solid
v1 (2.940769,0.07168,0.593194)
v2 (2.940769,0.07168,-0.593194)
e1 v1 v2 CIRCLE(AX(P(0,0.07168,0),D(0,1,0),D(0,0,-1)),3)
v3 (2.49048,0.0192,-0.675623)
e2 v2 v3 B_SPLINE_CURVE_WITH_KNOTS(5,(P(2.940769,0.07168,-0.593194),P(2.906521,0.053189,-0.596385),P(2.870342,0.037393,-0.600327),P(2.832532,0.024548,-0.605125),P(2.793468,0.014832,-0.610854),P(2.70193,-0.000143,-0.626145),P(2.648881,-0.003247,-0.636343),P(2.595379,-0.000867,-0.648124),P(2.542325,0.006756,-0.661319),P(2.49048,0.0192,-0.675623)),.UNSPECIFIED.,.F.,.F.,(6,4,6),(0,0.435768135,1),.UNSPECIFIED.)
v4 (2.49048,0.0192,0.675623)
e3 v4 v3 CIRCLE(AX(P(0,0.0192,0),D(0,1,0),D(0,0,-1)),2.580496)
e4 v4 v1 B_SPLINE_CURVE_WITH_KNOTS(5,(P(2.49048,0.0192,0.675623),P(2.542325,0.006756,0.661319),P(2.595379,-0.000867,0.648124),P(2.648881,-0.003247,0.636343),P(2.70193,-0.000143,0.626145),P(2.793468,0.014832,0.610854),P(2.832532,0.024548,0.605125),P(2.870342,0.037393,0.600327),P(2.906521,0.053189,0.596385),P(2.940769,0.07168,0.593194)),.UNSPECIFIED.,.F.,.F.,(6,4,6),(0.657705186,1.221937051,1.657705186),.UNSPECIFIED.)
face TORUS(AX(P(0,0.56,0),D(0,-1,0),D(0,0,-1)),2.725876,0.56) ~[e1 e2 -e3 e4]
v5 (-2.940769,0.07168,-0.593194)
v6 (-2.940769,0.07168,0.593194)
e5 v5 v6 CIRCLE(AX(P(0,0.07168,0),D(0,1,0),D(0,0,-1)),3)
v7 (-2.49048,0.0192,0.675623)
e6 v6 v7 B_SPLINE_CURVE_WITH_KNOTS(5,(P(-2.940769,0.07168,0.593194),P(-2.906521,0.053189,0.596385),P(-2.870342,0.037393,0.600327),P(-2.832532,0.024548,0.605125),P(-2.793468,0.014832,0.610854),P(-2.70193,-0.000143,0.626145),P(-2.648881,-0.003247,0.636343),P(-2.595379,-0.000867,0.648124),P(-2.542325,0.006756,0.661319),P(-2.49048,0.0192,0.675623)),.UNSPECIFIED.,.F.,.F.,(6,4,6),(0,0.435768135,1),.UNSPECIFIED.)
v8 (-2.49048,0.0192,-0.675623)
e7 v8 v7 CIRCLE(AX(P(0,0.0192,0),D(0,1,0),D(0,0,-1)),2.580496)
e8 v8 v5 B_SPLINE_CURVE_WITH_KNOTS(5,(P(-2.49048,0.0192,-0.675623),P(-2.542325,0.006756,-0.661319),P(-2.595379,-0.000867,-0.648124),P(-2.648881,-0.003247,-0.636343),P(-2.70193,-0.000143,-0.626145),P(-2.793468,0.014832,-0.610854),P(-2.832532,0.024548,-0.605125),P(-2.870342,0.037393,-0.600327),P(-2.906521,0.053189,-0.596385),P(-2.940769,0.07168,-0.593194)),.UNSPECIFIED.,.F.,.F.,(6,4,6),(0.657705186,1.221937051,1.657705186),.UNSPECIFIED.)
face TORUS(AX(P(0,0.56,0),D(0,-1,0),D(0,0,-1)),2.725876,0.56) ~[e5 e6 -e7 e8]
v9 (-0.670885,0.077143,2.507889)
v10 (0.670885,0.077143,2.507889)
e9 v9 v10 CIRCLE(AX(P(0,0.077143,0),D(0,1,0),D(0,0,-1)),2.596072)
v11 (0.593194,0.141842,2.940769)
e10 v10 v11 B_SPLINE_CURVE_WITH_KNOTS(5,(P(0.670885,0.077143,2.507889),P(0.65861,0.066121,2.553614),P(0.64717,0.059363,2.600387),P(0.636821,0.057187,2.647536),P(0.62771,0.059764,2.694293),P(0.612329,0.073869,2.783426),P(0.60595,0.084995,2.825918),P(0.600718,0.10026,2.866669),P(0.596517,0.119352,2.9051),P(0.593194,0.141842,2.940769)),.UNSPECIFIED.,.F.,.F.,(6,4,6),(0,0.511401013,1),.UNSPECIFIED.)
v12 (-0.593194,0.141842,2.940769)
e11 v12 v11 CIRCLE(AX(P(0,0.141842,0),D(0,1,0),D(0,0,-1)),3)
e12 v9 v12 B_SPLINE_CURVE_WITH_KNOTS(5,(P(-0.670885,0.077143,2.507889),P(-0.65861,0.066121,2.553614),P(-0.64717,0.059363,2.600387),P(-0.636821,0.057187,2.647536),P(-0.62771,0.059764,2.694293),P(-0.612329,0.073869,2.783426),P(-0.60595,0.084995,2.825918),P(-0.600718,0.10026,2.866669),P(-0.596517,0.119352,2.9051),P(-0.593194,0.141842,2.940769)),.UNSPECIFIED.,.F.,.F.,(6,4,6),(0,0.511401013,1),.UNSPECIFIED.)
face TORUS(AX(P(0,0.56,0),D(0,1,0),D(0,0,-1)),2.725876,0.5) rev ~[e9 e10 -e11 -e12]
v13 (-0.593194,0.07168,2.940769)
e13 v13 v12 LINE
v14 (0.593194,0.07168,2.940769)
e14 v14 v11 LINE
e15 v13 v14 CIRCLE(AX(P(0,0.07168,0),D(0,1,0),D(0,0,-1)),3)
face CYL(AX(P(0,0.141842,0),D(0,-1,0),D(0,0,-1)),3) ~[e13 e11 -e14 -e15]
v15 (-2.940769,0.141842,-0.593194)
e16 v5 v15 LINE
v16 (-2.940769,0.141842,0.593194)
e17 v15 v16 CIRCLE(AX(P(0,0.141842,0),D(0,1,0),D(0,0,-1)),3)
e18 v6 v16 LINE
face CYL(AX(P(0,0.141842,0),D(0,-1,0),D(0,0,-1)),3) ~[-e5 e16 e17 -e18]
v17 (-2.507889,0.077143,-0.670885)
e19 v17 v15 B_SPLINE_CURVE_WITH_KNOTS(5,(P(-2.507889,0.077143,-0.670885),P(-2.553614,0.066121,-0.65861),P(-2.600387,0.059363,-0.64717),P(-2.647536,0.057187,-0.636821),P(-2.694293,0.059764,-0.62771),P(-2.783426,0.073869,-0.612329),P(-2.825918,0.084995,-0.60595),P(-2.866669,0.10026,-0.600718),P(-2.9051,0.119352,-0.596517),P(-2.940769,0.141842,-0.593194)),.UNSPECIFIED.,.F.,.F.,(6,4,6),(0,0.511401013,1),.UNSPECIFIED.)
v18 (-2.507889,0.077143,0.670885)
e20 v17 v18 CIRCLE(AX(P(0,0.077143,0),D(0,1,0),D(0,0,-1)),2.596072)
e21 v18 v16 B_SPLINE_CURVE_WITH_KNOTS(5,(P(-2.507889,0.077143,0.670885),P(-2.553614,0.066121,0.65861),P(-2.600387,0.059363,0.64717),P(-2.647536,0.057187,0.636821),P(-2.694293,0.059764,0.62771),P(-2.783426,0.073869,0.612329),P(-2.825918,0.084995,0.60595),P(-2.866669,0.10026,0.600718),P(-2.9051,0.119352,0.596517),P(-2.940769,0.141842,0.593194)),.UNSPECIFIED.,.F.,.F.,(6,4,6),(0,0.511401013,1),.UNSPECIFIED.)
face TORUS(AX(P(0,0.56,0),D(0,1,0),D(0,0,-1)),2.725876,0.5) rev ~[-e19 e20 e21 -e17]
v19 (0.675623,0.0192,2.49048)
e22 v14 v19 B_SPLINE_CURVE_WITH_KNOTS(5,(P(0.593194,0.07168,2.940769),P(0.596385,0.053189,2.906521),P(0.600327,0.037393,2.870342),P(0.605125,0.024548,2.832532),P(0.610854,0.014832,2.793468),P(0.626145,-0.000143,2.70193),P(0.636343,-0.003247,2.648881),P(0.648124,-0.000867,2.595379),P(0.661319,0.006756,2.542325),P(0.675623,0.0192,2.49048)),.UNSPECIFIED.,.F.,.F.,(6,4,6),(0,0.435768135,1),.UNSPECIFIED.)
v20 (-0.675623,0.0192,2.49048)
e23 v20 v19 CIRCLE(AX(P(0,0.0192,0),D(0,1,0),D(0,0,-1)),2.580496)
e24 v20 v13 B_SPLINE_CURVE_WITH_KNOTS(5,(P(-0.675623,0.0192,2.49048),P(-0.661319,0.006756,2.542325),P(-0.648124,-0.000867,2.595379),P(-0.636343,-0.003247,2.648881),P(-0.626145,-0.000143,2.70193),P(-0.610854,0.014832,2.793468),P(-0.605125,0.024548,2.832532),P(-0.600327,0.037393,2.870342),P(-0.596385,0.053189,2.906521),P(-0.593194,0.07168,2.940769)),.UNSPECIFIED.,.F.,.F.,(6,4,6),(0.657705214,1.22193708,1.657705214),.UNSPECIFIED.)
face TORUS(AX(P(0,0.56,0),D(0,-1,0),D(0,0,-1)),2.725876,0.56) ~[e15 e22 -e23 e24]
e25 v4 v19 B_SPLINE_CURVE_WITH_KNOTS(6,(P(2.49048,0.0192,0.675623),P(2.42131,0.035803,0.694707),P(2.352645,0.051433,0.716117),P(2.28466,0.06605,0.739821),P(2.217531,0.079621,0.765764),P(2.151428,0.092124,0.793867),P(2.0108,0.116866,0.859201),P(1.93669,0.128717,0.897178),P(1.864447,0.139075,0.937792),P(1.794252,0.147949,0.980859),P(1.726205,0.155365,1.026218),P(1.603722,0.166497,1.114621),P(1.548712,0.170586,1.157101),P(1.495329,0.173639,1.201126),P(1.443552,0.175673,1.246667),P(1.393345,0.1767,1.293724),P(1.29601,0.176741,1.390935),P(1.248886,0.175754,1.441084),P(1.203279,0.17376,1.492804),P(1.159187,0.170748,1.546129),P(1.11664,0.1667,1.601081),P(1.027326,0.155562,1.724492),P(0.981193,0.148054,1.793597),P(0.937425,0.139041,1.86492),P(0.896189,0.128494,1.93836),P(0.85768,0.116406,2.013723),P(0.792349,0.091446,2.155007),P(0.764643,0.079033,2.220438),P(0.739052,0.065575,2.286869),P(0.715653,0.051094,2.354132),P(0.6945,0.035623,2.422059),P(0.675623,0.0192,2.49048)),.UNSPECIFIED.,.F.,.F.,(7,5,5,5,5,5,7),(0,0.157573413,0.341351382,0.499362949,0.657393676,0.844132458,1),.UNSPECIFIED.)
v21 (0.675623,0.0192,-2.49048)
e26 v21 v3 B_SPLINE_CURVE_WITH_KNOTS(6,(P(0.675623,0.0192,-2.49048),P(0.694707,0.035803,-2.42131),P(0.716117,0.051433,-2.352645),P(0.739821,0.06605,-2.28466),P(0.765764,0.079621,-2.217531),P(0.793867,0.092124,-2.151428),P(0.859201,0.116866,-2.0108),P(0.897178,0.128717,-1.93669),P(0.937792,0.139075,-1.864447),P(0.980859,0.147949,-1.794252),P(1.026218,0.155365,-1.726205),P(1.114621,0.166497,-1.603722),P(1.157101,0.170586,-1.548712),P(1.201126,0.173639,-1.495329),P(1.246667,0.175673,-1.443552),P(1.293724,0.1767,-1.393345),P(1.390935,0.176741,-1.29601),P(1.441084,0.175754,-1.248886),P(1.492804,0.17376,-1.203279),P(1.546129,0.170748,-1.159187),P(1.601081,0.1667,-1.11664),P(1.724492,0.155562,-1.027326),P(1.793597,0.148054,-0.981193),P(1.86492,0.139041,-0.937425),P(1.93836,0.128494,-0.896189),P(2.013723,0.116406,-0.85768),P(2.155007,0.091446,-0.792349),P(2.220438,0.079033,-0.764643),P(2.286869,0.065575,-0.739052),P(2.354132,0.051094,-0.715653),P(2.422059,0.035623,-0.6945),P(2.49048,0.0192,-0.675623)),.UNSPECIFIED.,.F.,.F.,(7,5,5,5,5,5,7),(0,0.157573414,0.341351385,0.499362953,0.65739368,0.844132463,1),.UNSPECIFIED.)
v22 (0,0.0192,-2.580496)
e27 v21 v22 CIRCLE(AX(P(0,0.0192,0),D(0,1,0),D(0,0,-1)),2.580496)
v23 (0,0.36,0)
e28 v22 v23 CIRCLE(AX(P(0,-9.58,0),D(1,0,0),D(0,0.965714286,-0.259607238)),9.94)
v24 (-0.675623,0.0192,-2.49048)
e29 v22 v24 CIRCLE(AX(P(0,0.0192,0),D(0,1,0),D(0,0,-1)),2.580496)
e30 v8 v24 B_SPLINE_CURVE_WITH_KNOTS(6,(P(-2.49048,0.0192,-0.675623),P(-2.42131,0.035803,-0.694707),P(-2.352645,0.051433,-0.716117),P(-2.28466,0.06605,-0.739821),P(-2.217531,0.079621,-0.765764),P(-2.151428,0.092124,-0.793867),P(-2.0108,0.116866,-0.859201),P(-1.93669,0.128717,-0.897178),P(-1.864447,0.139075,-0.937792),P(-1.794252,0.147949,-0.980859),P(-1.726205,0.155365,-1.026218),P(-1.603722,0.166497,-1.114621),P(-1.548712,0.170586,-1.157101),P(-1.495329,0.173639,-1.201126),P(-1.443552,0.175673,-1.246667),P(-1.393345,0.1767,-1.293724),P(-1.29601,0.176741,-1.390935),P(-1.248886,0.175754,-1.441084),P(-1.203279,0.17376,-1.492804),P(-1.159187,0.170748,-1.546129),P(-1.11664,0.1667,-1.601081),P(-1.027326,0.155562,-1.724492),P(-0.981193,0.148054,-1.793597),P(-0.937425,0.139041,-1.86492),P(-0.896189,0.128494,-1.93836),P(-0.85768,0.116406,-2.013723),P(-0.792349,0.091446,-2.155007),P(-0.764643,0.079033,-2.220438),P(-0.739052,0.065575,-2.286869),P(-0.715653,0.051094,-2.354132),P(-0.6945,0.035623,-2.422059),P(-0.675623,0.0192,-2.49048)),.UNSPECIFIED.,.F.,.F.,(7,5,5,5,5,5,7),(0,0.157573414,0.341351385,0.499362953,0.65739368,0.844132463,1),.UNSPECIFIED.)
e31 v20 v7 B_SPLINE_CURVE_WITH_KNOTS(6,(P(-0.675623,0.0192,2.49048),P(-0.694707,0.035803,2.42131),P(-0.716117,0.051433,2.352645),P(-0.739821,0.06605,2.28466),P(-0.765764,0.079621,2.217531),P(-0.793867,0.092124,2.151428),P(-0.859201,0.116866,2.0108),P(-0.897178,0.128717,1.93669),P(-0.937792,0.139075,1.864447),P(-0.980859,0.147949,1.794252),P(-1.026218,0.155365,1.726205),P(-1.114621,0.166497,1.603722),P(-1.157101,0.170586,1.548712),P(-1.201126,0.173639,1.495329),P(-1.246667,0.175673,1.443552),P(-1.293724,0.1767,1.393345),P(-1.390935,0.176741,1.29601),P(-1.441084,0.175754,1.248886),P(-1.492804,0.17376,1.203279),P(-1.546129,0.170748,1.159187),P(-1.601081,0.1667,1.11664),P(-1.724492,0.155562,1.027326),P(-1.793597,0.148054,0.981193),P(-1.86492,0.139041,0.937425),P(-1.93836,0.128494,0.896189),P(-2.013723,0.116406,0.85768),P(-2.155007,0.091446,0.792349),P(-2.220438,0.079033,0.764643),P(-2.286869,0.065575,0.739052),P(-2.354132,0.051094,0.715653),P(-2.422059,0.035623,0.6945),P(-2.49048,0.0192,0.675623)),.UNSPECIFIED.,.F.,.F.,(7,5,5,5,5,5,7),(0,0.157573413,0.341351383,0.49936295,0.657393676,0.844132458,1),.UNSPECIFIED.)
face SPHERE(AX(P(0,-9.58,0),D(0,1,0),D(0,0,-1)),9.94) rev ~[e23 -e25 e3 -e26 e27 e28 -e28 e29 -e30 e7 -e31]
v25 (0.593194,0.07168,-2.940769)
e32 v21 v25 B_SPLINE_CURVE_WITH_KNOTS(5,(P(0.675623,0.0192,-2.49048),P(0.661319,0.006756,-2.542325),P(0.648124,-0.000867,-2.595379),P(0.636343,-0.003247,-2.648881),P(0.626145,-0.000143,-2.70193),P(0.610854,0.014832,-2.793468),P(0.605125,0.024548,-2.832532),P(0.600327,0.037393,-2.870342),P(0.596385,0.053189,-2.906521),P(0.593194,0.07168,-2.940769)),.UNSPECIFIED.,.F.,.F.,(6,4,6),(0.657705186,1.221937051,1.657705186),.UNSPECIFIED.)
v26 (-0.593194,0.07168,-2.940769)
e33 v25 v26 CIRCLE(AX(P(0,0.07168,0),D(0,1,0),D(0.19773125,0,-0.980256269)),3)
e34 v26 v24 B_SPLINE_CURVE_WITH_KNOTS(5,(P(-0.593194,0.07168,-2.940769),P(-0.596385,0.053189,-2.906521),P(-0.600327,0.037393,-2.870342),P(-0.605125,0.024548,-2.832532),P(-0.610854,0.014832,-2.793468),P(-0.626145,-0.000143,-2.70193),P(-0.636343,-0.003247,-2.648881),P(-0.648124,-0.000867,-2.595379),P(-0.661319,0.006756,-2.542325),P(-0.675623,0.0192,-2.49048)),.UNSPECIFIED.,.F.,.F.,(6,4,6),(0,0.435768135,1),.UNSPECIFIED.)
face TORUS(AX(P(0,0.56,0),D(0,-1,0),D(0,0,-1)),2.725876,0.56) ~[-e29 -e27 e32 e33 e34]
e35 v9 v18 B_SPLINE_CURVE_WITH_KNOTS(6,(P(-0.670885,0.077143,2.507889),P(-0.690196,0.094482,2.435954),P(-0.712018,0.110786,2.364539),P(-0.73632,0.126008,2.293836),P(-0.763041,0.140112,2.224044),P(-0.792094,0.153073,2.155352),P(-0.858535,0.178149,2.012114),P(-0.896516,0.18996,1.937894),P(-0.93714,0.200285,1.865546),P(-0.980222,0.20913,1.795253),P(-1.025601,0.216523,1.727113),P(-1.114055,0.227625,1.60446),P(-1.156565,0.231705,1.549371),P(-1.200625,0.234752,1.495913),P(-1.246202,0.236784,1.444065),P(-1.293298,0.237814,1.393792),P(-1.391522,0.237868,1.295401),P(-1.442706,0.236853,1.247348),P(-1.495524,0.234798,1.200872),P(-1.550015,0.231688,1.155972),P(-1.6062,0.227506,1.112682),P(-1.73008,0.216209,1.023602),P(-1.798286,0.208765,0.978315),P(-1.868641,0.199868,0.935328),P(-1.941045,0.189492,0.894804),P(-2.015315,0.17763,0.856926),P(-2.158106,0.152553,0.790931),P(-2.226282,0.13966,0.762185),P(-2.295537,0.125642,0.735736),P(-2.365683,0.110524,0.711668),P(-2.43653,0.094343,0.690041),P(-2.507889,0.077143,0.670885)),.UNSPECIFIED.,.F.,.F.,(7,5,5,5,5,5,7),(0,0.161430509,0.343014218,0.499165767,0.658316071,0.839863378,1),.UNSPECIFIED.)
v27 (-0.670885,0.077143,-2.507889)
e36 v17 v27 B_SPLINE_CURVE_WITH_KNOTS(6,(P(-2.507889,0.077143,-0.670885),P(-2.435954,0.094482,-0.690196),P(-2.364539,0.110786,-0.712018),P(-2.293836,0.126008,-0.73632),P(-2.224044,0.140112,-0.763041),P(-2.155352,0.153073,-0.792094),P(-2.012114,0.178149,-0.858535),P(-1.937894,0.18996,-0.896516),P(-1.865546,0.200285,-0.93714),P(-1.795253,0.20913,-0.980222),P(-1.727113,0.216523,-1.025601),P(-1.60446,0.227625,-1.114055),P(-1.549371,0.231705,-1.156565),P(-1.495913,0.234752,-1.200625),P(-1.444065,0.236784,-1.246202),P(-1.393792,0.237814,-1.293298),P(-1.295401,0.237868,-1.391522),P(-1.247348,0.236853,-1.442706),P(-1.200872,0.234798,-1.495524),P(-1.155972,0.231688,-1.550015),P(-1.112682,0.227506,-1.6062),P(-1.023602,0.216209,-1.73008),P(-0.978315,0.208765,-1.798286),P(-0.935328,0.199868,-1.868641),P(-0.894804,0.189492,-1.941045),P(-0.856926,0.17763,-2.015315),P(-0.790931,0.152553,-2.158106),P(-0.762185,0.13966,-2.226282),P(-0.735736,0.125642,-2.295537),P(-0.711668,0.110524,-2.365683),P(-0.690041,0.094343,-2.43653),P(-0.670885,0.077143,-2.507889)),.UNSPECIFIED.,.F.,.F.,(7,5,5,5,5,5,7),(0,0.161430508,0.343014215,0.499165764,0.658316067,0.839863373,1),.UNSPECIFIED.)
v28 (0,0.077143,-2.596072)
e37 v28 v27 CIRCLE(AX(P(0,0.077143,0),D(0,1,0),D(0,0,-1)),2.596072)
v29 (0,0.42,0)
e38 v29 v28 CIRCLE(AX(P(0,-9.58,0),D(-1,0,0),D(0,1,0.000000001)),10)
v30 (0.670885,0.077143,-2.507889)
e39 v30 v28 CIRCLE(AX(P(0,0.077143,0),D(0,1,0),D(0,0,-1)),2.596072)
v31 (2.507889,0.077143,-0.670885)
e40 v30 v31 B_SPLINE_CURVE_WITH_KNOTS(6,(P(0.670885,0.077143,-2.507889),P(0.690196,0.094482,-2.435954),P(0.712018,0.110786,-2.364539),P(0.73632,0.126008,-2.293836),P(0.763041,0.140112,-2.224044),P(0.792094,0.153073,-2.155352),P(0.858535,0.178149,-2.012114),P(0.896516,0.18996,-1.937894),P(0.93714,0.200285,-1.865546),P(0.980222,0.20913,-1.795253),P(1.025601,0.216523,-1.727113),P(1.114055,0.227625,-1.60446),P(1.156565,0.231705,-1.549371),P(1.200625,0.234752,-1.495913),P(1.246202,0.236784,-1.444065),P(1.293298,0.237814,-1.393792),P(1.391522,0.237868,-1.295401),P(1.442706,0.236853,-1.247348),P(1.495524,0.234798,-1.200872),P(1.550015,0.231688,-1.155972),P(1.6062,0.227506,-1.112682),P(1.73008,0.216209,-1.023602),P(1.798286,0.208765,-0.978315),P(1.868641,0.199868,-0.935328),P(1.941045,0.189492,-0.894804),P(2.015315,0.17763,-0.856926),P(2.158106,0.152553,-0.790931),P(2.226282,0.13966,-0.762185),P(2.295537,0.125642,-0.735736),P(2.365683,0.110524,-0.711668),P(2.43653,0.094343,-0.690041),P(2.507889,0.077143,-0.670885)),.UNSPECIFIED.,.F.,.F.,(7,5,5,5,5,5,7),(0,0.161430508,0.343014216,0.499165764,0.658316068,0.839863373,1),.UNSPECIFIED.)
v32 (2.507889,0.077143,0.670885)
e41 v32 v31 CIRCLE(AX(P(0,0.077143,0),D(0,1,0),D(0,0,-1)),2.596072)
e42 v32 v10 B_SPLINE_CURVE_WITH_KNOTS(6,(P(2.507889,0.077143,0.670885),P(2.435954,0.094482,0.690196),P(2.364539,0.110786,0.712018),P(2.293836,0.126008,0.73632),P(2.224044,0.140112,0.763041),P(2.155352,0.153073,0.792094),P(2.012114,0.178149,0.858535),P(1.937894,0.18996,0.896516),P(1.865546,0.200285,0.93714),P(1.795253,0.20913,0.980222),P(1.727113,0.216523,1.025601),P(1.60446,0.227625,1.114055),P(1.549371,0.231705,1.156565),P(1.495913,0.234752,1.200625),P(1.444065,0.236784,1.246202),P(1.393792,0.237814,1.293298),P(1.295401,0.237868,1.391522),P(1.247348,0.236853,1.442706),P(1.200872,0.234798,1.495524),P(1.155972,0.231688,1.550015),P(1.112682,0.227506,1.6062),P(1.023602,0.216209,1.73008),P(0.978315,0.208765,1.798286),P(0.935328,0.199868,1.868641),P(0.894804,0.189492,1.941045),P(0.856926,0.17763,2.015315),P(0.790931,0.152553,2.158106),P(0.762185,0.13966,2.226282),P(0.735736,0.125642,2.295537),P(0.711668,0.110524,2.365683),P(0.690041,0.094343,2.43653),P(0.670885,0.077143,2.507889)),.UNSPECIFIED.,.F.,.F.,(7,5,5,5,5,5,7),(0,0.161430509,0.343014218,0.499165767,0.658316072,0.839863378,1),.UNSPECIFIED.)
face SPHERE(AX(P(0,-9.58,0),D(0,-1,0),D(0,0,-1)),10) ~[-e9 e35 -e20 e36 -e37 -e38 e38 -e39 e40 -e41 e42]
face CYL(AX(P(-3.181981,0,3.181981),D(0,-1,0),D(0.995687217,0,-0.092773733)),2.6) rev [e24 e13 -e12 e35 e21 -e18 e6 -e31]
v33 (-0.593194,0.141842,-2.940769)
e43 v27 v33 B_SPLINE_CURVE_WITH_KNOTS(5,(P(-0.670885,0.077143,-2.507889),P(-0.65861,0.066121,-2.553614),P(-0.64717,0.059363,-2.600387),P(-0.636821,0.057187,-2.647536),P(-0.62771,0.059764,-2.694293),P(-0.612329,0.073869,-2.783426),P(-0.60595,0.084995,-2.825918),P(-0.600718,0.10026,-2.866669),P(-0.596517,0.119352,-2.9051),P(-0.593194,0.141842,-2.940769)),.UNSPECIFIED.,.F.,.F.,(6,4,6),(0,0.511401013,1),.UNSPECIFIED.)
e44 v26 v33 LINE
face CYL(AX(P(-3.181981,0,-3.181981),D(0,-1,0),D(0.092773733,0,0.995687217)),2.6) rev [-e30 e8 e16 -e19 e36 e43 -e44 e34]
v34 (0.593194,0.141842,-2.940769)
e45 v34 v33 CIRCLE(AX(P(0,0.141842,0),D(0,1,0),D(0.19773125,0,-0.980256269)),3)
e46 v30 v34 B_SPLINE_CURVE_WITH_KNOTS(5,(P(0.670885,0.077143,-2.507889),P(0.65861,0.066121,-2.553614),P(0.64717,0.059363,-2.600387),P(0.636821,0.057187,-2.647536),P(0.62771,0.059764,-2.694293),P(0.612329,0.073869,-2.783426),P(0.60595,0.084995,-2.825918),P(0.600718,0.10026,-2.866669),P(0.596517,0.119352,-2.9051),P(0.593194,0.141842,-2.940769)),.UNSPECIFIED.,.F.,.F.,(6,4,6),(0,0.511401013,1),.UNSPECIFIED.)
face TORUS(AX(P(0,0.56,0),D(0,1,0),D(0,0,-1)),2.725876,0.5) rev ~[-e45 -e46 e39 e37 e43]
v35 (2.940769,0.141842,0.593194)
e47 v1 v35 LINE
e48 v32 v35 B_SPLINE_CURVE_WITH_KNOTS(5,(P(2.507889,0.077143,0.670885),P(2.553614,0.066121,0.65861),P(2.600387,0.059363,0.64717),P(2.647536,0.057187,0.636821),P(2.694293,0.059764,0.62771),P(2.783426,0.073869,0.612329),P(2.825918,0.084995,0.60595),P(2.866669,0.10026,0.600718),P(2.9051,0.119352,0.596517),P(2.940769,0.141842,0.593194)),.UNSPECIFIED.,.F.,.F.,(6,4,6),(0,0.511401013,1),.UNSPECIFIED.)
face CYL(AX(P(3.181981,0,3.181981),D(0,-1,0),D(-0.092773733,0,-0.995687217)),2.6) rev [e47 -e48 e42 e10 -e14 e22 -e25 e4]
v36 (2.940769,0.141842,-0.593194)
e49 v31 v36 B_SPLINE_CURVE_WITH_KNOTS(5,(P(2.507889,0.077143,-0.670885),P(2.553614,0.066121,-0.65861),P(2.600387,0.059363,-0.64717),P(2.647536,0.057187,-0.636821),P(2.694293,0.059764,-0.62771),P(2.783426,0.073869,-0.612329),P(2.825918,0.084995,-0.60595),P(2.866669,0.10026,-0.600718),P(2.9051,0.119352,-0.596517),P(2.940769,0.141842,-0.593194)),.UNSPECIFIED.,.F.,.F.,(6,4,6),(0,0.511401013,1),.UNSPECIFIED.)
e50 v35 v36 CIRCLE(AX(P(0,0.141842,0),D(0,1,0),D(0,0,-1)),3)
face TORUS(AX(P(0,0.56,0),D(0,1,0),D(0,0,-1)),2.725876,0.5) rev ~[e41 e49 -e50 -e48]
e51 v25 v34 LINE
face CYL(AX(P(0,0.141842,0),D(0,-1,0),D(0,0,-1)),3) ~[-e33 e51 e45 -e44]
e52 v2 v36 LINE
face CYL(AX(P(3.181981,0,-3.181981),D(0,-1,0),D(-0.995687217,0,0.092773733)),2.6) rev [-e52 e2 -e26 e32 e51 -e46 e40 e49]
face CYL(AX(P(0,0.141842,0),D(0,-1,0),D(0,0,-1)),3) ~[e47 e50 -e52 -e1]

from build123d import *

# Parameters (mm, degrees)
CUT_EXTRUDE1_DEPTH = 5.263378942


with BuildPart() as part:
    # Sketch5 → Revolve1 (revolve)
    with BuildSketch(Plane.XY, mode=Mode.PRIVATE) as revolve1_sk:
        with BuildLine():
            Line((0, 0.36), (0, 0.42))
            ThreePointArc((0, 0.42), (1.309307341, 0.333915185), (2.596072387, 0.077142857))
            ThreePointArc((2.596072387, 0.077142857), (2.804955652, 0.066293195), (3, 0.141842092))
            Line((3, 0.141842092), (3, 0.071680396))
            ThreePointArc((3, 0.071680396), (2.795390742, 0.004331302), (2.580495952, 0.0192))
            ThreePointArc((2.580495952, 0.0192), (1.301451497, 0.274431693), (0, 0.36))
        make_face()
    revolve(revolve1_sk.sketch.rotate(Axis((0, -0.907364639, 0), (0, 1, 0)), 90), axis=Axis((0, -0.907364639, 0), (0, 1, 0)))

    # Sketch6 → Cut-Extrude1 (cut, through all)
    with BuildSketch(Plane(origin=(0, 0, 0), x_dir=(1, 0, 0), z_dir=(0, 1, 0))):
        with BuildLine():
            ThreePointArc((0.593193751, 2.940768807), (1.343502884, 1.343502884), (2.940768807, 0.593193751))
            ThreePointArc((2.940768807, 0.593193751), (2.121320344, 2.121320344), (0.593193751, 2.940768807))
        make_face()
        with BuildLine():
            ThreePointArc((2.940768807, -0.593193751), (1.343502884, -1.343502884), (0.593193751, -2.940768807))
            ThreePointArc((0.593193751, -2.940768807), (2.121320344, -2.121320344), (2.940768807, -0.593193751))
        make_face()
        with BuildLine():
            ThreePointArc((-0.593193751, -2.940768807), (-1.343502884, -1.343502884), (-2.940768807, -0.593193751))
            ThreePointArc((-2.940768807, -0.593193751), (-2.121320344, -2.121320344), (-0.593193751, -2.940768807))
        make_face()
        with BuildLine():
            ThreePointArc((-2.940768807, 0.593193751), (-1.343502884, 1.343502884), (-0.593193751, 2.940768807))
            ThreePointArc((-0.593193751, 2.940768807), (-2.121320344, 2.121320344), (-2.940768807, 0.593193751))
        make_face()
    extrude(amount=CUT_EXTRUDE1_DEPTH, mode=Mode.SUBTRACT)


solid = part.part
